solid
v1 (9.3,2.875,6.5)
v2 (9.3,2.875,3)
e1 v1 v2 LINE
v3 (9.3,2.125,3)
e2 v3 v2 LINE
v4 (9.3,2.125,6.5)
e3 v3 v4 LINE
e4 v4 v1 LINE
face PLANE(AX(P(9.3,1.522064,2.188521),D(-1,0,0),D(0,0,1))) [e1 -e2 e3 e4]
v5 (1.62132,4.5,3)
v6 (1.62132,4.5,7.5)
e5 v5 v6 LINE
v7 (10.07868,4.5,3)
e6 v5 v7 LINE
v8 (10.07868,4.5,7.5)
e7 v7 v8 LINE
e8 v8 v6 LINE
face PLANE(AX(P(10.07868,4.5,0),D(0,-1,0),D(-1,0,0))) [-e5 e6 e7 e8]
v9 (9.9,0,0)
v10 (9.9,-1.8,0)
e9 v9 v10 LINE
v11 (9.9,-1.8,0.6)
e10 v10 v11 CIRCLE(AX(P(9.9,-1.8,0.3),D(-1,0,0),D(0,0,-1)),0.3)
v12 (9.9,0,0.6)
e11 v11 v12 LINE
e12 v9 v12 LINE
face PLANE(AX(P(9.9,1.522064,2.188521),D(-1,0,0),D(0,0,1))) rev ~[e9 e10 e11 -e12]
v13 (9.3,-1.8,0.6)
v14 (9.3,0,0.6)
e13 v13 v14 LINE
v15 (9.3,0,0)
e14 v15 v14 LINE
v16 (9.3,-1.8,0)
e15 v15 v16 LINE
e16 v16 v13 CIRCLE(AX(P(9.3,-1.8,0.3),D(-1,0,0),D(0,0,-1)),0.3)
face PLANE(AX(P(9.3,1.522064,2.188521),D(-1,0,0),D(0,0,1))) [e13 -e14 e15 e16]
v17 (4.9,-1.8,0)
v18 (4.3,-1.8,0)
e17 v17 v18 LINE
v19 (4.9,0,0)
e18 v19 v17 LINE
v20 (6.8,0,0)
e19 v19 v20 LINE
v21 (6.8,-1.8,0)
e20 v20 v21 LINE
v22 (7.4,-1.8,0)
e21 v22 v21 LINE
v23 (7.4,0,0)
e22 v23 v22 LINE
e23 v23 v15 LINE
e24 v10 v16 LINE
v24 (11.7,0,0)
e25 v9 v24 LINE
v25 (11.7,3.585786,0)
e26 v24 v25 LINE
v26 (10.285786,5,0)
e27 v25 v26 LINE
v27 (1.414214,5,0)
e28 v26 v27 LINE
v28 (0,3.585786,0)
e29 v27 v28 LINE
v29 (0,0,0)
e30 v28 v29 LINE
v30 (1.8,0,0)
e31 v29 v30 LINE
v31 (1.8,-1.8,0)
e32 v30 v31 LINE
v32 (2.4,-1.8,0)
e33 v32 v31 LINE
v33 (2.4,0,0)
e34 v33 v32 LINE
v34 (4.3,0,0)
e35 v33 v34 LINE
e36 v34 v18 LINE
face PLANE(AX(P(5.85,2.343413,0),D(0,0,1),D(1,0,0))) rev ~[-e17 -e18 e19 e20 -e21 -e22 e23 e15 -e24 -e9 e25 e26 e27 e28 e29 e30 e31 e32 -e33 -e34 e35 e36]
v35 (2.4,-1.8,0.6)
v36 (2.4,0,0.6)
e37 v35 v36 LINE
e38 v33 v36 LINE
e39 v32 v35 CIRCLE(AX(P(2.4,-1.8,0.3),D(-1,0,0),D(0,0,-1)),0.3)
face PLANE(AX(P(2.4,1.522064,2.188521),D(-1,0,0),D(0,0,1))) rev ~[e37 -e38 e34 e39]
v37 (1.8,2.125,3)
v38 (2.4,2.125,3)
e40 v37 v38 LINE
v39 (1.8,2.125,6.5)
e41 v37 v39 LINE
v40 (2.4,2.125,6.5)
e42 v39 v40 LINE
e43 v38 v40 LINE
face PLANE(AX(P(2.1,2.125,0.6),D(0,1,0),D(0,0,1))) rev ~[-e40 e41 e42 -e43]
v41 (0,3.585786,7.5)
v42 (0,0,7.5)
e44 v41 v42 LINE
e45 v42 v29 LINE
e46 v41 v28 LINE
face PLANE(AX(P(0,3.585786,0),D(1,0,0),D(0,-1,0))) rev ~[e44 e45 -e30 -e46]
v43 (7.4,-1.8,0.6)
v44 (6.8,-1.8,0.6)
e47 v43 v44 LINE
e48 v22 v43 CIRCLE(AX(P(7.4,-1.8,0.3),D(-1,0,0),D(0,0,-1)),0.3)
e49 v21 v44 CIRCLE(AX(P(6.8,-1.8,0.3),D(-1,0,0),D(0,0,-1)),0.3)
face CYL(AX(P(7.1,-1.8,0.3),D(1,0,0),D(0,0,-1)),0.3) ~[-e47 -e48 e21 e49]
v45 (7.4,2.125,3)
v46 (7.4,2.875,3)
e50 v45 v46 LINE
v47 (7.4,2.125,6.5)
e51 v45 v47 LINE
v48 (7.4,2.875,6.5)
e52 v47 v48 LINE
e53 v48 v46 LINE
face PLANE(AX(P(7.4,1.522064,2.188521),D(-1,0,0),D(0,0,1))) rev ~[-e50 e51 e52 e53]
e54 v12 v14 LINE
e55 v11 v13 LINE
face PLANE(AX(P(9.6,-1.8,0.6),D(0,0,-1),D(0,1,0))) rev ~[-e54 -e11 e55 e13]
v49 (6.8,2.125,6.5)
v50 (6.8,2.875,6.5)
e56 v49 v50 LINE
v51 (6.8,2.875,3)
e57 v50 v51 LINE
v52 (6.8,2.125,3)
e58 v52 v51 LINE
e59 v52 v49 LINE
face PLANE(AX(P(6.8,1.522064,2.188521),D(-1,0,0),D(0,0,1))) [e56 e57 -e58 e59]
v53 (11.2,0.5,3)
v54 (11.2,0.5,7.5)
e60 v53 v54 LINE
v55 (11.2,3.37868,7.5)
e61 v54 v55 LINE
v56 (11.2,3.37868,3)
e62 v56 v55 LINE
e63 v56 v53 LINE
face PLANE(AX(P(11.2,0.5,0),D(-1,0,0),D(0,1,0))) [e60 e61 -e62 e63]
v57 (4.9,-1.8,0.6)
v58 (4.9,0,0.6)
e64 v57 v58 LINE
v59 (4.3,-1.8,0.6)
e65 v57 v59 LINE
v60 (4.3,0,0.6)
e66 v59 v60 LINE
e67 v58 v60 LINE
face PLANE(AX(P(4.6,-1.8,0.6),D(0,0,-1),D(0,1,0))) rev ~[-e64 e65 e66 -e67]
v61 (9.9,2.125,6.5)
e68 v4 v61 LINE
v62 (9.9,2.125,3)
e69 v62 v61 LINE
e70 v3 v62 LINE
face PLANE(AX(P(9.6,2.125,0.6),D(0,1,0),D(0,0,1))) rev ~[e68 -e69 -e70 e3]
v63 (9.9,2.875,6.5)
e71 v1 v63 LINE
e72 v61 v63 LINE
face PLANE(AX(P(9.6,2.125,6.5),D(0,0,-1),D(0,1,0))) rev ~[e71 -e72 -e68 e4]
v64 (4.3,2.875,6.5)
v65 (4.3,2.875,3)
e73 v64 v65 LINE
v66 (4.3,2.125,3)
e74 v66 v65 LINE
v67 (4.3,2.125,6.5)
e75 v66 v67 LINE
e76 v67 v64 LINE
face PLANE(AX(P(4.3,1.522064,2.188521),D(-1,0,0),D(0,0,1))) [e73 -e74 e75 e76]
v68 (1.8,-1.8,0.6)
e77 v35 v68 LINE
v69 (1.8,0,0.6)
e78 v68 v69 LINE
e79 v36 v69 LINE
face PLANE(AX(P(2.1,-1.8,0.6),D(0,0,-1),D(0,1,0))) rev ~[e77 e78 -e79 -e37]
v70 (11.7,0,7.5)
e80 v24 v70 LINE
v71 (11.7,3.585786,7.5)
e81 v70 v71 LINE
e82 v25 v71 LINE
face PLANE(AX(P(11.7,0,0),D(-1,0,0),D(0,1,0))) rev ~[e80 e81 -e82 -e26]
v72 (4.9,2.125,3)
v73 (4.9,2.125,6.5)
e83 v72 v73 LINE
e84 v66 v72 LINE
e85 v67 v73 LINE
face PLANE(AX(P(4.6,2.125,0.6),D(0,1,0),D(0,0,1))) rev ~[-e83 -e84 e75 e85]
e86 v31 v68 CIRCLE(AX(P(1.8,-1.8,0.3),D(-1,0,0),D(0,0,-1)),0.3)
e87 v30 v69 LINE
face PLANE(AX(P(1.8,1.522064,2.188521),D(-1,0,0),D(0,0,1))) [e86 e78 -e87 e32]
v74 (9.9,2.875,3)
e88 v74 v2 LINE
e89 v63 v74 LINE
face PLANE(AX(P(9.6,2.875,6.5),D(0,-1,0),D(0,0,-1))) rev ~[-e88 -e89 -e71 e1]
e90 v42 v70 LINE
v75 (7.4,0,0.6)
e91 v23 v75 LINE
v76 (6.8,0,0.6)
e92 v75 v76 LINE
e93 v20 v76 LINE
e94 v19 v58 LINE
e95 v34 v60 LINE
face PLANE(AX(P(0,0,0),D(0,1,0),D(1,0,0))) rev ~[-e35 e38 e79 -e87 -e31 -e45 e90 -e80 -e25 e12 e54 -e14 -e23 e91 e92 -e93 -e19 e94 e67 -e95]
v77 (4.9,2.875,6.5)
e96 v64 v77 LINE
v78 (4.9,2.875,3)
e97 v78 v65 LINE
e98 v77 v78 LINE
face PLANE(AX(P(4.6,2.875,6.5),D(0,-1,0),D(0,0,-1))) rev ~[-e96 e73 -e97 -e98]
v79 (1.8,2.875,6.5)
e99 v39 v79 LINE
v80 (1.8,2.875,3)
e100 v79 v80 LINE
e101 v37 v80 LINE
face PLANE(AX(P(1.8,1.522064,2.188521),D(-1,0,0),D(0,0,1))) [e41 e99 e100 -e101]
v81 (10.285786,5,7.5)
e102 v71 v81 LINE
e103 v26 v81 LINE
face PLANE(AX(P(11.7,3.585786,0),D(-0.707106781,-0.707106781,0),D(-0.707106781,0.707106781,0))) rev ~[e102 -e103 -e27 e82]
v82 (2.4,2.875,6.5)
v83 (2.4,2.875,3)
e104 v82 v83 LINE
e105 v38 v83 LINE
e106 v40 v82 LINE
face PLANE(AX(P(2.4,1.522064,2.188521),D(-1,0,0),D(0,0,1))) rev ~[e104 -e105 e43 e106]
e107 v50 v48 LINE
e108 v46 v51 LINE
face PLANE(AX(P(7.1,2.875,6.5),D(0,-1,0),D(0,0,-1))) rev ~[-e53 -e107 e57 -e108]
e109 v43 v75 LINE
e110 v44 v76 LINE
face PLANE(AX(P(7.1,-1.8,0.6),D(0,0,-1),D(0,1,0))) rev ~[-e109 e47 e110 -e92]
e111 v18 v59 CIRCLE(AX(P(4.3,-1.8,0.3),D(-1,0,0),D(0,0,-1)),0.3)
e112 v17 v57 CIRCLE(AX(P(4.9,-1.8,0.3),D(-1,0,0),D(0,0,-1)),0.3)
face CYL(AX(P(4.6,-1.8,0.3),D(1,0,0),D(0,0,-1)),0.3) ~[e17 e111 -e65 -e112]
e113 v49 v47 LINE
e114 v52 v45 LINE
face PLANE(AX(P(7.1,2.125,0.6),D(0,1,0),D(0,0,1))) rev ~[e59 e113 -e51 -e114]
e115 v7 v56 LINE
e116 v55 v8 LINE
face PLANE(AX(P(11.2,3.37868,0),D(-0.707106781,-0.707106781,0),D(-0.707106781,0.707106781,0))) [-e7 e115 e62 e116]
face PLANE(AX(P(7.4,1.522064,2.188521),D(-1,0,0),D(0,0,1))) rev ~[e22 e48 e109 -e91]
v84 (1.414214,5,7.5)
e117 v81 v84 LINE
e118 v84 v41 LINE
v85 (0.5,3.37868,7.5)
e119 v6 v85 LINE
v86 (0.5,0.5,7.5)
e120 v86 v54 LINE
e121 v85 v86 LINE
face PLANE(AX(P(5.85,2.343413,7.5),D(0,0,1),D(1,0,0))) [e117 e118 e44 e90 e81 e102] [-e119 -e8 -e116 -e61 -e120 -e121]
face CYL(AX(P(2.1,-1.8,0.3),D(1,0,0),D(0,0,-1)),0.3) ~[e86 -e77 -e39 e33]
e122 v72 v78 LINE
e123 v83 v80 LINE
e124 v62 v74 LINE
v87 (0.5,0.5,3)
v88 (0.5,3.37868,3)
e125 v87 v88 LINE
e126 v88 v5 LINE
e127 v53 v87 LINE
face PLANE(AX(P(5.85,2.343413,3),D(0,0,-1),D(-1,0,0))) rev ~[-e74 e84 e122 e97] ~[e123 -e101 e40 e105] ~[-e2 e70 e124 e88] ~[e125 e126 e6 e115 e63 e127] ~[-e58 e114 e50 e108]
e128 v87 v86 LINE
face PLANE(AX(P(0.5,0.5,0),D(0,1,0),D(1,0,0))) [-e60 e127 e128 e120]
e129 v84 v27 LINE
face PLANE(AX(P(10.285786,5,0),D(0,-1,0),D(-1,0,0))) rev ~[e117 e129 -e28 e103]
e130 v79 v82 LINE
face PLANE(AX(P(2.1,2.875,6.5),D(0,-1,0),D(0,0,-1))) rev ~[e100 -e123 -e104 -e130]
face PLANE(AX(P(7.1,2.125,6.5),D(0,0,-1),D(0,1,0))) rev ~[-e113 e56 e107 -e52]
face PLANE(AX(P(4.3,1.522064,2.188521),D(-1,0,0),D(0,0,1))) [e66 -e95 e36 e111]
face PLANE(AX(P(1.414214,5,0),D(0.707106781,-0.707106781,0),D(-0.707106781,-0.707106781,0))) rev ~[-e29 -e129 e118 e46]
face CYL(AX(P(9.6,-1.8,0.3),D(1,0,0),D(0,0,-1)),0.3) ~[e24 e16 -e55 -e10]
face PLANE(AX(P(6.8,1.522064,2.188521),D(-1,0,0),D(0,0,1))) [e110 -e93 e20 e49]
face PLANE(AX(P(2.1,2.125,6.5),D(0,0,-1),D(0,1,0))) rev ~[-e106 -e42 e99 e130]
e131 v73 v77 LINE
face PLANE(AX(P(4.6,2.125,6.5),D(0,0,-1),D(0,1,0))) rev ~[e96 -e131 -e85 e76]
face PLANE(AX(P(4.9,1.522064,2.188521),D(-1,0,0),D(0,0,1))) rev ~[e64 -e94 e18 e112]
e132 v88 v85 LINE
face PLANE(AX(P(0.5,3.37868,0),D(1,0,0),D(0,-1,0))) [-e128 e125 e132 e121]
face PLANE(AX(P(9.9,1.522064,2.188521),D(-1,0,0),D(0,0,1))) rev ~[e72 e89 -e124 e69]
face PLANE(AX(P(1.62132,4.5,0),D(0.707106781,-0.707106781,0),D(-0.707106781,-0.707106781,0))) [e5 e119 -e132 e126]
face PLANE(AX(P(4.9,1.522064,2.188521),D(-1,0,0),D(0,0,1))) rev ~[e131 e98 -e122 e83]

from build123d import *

# Parameters (mm, degrees)
EXTRUDE_THIN1_DEPTH = 7.5
BOSS_EXTRUDE1_DEPTH = 3
BOSS_EXTRUDE2_DEPTH = 0.3
LPATTERN1_COUNT     = 4
LPATTERN1_PITCH     = 2.5


with BuildPart() as part:
    # Sketch1 → Extrude-Thin1 (new body)
    with BuildSketch(Plane.XY):
        Polygon((0, 0), (11.7, 0), (11.7, 3.585786438), (10.285786438, 5), (1.414213562, 5), (0, 3.585786438), align=None)
        Polygon((0.5, 0.5), (11.2, 0.5), (11.2, 3.378679656), (10.078679656, 4.5), (1.621320344, 4.5), (0.5, 3.378679656), align=None, mode=Mode.SUBTRACT)
    extrude(amount=EXTRUDE_THIN1_DEPTH)

    # Sketch2 → Boss-Extrude1 (add)
    with BuildSketch(Plane(origin=(0, 0, 0), x_dir=(-1, 0, 0), z_dir=(0, 0, -1))):
        Polygon((0, 0), (0, 3.585786438), (-1.414213562, 5), (-10.285786438, 5), (-11.7, 3.585786438), (-11.7, 0), align=None)
    extrude(amount=-BOSS_EXTRUDE1_DEPTH)

    # Sketch3 → Boss-Extrude2 (add, symmetric)
    with BuildSketch(Plane(origin=(9.6, 0, 0), x_dir=(0, 0, -1), z_dir=(1, 0, 0))):
        with BuildLine():
            Line((-6.5, 2.875), (0, 2.875))
            Line((0, 2.875), (0, -1.8))
            ThreePointArc((0, -1.8), (-0.3, -2.1), (-0.6, -1.8))
            Line((-0.6, -1.8), (-0.6, 2.125))
            Line((-0.6, 2.125), (-6.5, 2.125))
            Line((-6.5, 2.125), (-6.5, 2.875))
        make_face()
    boss_extrude2 = extrude(amount=BOSS_EXTRUDE2_DEPTH, both=True)

    # LPattern1: Boss-Extrude2 ×4
    with Locations(*[(-i * LPATTERN1_PITCH, 0, 0) for i in range(1, LPATTERN1_COUNT)]):
        add(boss_extrude2)


solid = part.part
